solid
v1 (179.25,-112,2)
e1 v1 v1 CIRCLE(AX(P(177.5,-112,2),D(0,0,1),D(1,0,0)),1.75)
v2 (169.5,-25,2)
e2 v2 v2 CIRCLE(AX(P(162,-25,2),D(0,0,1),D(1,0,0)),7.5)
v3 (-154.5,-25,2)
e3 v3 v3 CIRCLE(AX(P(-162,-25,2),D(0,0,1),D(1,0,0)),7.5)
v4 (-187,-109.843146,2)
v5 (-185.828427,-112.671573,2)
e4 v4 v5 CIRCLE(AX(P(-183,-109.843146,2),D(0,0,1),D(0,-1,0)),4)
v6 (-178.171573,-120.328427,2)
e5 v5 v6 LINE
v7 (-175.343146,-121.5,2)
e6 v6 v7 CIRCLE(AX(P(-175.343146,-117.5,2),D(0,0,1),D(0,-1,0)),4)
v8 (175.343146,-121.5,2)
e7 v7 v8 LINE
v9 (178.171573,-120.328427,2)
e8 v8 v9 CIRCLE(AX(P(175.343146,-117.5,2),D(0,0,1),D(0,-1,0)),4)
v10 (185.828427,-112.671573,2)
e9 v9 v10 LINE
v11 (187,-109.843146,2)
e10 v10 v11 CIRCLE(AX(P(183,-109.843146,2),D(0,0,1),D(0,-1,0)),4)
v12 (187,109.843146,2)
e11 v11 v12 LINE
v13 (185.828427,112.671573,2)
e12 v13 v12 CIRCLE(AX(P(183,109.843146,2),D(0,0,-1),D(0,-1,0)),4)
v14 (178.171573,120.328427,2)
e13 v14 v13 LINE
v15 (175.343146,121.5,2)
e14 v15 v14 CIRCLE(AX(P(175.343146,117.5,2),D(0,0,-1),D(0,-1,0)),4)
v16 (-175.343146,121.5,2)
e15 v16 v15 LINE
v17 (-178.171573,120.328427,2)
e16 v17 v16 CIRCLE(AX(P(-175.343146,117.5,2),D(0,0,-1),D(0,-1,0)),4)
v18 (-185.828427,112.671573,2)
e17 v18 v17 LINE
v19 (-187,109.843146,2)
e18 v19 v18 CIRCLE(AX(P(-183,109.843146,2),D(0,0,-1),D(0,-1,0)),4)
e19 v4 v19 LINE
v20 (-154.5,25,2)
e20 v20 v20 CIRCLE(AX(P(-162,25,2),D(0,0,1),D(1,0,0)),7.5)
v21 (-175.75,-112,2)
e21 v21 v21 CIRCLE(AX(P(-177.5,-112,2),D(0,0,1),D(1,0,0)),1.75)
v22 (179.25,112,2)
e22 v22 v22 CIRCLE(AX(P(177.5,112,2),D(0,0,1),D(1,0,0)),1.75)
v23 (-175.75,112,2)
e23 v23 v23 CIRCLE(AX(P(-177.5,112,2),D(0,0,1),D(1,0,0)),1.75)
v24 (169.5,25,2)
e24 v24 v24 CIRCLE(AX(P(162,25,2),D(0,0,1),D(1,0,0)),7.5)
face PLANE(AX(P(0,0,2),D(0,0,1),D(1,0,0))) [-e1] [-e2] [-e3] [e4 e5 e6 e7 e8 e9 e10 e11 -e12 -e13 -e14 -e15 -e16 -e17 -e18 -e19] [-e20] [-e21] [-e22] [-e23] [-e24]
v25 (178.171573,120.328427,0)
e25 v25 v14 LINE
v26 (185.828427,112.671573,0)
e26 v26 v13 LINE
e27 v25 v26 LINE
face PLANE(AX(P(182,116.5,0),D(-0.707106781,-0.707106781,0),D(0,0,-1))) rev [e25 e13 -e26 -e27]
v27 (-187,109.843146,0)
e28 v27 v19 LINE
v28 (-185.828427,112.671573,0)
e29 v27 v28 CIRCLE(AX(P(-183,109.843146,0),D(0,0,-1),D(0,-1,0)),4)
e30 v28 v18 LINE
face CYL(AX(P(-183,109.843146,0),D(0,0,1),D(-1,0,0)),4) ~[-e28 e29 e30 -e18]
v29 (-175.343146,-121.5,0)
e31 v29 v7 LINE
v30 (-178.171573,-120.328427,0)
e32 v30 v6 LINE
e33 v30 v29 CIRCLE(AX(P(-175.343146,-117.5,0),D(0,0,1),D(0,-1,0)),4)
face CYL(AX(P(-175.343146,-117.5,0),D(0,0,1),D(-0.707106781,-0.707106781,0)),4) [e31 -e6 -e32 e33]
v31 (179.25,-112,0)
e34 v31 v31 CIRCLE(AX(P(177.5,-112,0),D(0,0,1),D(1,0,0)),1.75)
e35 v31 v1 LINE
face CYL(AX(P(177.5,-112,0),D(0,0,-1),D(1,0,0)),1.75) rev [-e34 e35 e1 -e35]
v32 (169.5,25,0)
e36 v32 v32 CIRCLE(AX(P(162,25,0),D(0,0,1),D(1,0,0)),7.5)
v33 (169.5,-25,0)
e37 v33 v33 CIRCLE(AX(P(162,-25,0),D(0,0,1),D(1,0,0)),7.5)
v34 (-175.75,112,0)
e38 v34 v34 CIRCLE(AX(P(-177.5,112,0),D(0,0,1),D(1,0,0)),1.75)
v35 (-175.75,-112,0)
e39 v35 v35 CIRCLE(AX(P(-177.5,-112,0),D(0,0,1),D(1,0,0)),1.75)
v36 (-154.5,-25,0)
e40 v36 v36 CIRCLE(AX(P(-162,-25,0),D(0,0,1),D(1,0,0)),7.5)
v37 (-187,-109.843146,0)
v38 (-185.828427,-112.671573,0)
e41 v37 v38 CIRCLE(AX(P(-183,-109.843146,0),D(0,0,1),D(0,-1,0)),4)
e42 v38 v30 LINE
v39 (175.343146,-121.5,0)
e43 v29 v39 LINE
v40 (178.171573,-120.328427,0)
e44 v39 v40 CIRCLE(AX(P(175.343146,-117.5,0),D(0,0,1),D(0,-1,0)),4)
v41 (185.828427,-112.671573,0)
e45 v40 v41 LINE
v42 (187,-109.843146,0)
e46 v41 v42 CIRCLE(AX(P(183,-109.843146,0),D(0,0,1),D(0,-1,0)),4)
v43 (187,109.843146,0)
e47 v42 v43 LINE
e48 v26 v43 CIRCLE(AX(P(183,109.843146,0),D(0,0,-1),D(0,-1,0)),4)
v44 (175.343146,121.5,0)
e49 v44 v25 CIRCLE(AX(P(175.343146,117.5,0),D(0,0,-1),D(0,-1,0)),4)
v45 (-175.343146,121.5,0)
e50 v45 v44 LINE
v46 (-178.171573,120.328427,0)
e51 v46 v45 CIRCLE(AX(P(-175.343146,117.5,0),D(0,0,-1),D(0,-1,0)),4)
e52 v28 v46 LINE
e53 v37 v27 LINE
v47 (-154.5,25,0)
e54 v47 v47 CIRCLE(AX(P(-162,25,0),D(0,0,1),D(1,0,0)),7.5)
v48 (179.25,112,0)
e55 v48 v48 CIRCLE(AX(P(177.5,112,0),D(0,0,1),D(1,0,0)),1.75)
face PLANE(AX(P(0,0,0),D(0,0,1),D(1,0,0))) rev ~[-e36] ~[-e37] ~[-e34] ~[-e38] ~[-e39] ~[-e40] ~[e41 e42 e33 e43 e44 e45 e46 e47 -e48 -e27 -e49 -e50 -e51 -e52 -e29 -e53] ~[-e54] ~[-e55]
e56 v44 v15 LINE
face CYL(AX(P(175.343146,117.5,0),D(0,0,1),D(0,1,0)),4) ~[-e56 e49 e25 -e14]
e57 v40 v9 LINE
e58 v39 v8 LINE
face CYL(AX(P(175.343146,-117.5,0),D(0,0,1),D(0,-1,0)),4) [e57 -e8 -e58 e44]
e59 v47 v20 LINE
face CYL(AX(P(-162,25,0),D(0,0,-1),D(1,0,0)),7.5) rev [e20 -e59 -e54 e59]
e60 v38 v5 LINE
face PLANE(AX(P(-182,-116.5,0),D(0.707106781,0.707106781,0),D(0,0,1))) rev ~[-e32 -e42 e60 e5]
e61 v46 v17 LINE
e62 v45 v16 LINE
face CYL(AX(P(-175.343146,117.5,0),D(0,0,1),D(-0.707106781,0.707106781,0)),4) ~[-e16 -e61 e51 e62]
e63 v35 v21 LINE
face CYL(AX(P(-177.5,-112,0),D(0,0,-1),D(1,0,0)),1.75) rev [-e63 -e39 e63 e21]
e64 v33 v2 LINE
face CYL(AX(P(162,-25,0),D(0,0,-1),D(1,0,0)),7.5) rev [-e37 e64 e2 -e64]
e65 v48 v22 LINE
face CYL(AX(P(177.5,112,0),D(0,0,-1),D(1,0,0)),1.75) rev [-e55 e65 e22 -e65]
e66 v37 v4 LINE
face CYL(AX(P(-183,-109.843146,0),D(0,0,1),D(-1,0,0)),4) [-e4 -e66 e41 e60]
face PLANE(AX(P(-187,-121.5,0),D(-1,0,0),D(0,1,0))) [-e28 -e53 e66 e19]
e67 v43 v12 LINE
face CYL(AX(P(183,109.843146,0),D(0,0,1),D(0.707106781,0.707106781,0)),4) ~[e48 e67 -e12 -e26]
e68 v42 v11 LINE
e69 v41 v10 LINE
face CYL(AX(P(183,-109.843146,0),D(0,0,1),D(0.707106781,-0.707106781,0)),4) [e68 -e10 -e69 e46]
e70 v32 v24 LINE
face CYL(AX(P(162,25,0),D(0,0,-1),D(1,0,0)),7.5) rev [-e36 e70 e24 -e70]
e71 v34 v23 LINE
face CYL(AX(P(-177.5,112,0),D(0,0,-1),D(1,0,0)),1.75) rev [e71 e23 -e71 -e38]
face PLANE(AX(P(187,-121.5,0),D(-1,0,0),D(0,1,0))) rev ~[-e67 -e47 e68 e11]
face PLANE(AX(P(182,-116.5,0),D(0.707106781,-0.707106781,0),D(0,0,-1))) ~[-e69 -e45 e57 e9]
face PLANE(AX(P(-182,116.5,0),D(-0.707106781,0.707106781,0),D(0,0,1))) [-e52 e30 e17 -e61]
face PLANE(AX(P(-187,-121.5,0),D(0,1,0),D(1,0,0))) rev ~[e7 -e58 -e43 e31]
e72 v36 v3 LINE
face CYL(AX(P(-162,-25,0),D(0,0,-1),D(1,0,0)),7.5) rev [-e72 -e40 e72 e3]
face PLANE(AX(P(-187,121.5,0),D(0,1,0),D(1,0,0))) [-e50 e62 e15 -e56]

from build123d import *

# Parameters (mm, degrees)
SKETCH_W     = 374
SKETCH_H     = 243
SKETCH_R     = 1.75
SKETCH_R_2   = 7.5
PAD_DEPTH    = 2
CHAMFER_SIZE = 10
FILLET_R     = 4


with BuildPart() as part:
    # Sketch → Pad (new body)
    with BuildSketch(Plane.XY):
        Rectangle(SKETCH_W, SKETCH_H)
        with Locations((-177.5, 112)):
            Circle(SKETCH_R, mode=Mode.SUBTRACT)
        with Locations((-162, 25)):
            Circle(SKETCH_R_2, mode=Mode.SUBTRACT)
        with Locations((-162, -25)):
            Circle(SKETCH_R_2, mode=Mode.SUBTRACT)
        with Locations((162, 25)):
            Circle(SKETCH_R_2, mode=Mode.SUBTRACT)
        with Locations((162, -25)):
            Circle(SKETCH_R_2, mode=Mode.SUBTRACT)
        with Locations((-177.5, -112)):
            Circle(SKETCH_R, mode=Mode.SUBTRACT)
        with Locations((177.5, -112)):
            Circle(SKETCH_R, mode=Mode.SUBTRACT)
        with Locations((177.5, 112)):
            Circle(SKETCH_R, mode=Mode.SUBTRACT)
    extrude(amount=PAD_DEPTH)

    # Chamfer
    chamfer_edges = [part.edges().sort_by_distance(p)[0] for p in [
        (187, -121.5, 1),
        (187, 121.5, 1),
        (-187, 121.5, 1),
        (-187, -121.5, 1),
    ]]
    chamfer(chamfer_edges, length=CHAMFER_SIZE)

    # Fillet
    fillet_edges = [part.edges().sort_by_distance(p)[0] for p in [
        (177, 121.5, 1),
        (187, 111.5, 1),
        (-177, 121.5, 1),
        (-187, 111.5, 1),
        (-177, -121.5, 1),
        (-187, -111.5, 1),
        (177, -121.5, 1),
        (187, -111.5, 1),
    ]]
    fillet(fillet_edges, radius=FILLET_R)


solid = part.part
